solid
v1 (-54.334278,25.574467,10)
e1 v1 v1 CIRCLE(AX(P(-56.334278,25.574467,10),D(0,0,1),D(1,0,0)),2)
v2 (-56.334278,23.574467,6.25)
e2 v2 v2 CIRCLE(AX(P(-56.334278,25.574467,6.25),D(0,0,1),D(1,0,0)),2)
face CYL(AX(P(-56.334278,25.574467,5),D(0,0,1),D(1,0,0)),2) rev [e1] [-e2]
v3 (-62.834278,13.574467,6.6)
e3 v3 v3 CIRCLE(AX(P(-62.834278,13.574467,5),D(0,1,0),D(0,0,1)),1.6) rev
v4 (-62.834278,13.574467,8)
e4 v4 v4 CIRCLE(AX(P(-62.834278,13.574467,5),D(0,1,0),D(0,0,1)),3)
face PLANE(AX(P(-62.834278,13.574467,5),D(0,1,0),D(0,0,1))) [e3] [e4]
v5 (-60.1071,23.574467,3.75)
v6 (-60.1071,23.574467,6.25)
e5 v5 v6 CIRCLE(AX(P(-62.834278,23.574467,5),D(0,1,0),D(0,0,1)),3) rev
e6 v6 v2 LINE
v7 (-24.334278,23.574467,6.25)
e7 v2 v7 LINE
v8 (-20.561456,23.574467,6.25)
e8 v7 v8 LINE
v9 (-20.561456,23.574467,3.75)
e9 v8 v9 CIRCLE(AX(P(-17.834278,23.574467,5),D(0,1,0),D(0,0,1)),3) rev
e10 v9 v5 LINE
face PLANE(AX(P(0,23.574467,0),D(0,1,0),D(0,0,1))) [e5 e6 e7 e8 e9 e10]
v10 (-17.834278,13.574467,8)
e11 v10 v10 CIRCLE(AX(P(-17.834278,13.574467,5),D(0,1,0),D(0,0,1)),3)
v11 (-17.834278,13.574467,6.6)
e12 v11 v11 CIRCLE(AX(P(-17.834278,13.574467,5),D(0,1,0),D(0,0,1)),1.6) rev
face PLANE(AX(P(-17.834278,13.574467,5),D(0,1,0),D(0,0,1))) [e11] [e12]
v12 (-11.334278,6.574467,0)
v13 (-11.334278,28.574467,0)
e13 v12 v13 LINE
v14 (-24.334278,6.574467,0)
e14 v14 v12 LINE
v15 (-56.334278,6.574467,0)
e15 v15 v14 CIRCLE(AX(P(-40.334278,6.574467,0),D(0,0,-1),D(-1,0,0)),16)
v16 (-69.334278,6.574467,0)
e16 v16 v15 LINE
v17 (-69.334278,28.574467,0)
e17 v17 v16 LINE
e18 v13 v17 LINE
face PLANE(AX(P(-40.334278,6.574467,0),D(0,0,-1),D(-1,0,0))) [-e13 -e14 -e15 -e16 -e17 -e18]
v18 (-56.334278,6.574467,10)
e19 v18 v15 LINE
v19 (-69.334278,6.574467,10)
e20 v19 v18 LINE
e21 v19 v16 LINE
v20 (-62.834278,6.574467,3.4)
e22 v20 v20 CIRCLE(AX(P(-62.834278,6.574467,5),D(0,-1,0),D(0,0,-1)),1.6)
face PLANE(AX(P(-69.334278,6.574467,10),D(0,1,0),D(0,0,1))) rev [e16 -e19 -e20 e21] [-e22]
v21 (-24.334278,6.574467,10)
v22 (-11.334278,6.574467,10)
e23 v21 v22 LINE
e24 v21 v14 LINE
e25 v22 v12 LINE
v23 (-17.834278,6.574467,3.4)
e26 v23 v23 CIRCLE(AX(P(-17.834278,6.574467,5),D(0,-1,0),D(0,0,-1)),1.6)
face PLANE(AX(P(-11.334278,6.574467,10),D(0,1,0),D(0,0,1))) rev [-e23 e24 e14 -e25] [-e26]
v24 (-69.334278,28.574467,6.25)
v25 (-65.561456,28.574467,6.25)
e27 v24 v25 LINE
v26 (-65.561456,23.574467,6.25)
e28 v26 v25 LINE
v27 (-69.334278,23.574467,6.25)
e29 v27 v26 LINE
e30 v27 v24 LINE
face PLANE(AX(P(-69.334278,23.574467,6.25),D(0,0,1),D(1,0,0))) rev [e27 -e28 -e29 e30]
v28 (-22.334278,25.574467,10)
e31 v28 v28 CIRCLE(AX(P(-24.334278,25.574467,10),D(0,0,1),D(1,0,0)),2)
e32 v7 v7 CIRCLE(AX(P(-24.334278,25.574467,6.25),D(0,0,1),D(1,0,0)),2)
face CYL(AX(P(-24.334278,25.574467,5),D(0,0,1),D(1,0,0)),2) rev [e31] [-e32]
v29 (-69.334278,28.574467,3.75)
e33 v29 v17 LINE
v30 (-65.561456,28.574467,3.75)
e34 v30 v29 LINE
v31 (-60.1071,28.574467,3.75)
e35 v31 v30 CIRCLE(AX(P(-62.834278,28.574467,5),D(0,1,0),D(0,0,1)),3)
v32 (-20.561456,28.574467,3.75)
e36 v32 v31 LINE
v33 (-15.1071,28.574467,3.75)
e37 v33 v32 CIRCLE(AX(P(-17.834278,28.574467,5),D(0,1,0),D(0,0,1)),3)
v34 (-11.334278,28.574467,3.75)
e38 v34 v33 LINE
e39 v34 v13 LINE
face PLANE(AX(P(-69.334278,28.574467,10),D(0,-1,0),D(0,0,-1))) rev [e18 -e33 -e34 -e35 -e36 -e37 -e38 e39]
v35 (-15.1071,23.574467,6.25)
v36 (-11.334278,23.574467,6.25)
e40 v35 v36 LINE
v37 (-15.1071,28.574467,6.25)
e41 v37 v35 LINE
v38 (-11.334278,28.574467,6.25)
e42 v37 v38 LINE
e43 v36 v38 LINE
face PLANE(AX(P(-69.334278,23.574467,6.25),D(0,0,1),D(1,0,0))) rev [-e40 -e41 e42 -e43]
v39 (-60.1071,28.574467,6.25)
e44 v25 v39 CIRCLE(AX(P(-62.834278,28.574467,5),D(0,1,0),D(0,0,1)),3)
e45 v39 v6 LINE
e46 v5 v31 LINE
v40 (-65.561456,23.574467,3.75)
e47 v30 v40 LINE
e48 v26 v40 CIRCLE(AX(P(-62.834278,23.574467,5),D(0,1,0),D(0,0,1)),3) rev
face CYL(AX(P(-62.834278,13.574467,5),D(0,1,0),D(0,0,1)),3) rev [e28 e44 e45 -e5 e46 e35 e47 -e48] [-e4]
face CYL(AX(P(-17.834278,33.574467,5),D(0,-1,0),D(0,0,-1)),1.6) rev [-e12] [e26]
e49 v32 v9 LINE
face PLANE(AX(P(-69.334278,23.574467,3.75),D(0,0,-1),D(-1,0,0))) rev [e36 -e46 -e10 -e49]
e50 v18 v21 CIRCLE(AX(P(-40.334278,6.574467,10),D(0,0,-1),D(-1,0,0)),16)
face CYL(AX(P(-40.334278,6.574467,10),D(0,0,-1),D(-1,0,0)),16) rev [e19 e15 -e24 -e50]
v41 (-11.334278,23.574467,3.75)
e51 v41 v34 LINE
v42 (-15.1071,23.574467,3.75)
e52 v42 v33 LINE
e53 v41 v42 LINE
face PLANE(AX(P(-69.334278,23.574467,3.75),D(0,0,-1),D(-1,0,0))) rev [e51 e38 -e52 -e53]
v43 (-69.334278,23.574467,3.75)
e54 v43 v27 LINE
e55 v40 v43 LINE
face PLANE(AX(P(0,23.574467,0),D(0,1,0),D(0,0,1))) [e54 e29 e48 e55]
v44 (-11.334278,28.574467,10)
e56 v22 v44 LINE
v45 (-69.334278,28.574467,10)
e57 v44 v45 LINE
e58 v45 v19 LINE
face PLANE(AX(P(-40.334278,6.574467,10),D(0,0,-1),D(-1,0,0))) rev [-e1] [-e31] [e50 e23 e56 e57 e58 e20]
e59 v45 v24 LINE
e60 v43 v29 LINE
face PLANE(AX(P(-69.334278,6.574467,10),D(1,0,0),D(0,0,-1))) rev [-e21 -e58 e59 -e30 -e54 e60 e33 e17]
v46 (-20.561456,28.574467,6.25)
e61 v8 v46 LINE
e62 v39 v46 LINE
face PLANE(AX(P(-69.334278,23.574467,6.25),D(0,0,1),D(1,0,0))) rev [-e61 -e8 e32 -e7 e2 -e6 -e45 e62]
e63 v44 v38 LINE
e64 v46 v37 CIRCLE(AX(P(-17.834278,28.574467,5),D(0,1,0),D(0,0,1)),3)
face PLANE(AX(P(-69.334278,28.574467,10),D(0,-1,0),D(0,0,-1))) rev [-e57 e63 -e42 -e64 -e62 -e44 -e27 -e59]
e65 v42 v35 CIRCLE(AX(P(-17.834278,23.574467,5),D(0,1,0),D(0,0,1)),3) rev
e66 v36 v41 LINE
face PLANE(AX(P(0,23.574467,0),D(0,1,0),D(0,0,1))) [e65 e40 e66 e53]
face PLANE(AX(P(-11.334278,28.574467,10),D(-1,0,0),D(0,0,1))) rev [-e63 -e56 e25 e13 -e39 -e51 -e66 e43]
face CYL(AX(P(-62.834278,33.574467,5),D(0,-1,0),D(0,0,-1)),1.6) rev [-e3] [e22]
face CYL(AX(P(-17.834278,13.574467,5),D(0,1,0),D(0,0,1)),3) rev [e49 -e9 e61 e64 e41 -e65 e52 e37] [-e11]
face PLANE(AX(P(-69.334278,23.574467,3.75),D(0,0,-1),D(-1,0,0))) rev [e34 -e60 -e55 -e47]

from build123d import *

# Parameters (mm, degrees)
EXTRUDE_1_DEPTH     = 10
SKETCH_2_R          = 1.6
CUT_EXTRUDE_1_DEPTH = 27
SKETCH_3_R          = 3
CUT_EXTRUDE_2_DEPTH = 15
SKETCH_4_W          = 58
SKETCH_4_H          = 2.5
CUT_EXTRUDE_4_DEPTH = 5
SKETCH_5_R          = 2
CUT_EXTRUDE_5_DEPTH = 5


with BuildPart() as part:
    # 草图1 → 凸台-拉伸1 (new body)
    with BuildSketch(Plane.XY):
        with BuildLine():
            Line((-69.33427814, 6.574466706), (-69.33427814, 28.574466706))
            Line((-69.33427814, 28.574466706), (-11.33427814, 28.574466706))
            Line((-11.33427814, 28.574466706), (-11.33427814, 6.574466706))
            Line((-11.33427814, 6.574466706), (-24.33427814, 6.574466706))
            ThreePointArc((-24.33427814, 6.574466706), (-40.33427814, 22.574466706), (-56.33427814, 6.574466706))
            Line((-56.33427814, 6.574466706), (-69.33427814, 6.574466706))
        make_face()
    extrude(amount=EXTRUDE_1_DEPTH)

    # 草图2 → 切除-拉伸1 (cut)
    with BuildSketch(Plane.XZ.offset(-6.574466706)):
        with Locations(Location((-62.83427814, 5, 0), (0, 0, 270))):
            Circle(SKETCH_2_R)
        with Locations(Location((-17.83427814, 5, 0), (0, 0, 270))):
            Circle(SKETCH_2_R)
    extrude(amount=-CUT_EXTRUDE_1_DEPTH, mode=Mode.SUBTRACT)

    # 草图3 → 切除-拉伸2 (cut)
    with BuildSketch(Plane(origin=(0, 28.574466706, 0), x_dir=(1, 0, 0), z_dir=(0, 1, 0))):
        with Locations(Location((-62.83427814, -5, 0), (0, 0, 270))):
            Circle(SKETCH_3_R)
        with Locations(Location((-17.83427814, -5, 0), (0, 0, 270))):
            Circle(SKETCH_3_R)
    extrude(amount=-CUT_EXTRUDE_2_DEPTH, mode=Mode.SUBTRACT)

    # 草图4 → 切除-拉伸4 (cut)
    with BuildSketch(Plane(origin=(0, 28.574466706, 0), x_dir=(1, 0, 0), z_dir=(0, 1, 0))):
        with Locations((-40.33427814, -5)):
            Rectangle(SKETCH_4_W, SKETCH_4_H)
    extrude(amount=-CUT_EXTRUDE_4_DEPTH, mode=Mode.SUBTRACT)

    # 草图5 → 切除-拉伸5 (cut)
    with BuildSketch(Plane.XY.offset(10)):
        with Locations((-56.33427814, 25.574466706)):
            Circle(SKETCH_5_R)
        with Locations((-24.33427814, 25.574466706)):
            Circle(SKETCH_5_R)
    extrude(amount=-CUT_EXTRUDE_5_DEPTH, mode=Mode.SUBTRACT)


solid = part.part
